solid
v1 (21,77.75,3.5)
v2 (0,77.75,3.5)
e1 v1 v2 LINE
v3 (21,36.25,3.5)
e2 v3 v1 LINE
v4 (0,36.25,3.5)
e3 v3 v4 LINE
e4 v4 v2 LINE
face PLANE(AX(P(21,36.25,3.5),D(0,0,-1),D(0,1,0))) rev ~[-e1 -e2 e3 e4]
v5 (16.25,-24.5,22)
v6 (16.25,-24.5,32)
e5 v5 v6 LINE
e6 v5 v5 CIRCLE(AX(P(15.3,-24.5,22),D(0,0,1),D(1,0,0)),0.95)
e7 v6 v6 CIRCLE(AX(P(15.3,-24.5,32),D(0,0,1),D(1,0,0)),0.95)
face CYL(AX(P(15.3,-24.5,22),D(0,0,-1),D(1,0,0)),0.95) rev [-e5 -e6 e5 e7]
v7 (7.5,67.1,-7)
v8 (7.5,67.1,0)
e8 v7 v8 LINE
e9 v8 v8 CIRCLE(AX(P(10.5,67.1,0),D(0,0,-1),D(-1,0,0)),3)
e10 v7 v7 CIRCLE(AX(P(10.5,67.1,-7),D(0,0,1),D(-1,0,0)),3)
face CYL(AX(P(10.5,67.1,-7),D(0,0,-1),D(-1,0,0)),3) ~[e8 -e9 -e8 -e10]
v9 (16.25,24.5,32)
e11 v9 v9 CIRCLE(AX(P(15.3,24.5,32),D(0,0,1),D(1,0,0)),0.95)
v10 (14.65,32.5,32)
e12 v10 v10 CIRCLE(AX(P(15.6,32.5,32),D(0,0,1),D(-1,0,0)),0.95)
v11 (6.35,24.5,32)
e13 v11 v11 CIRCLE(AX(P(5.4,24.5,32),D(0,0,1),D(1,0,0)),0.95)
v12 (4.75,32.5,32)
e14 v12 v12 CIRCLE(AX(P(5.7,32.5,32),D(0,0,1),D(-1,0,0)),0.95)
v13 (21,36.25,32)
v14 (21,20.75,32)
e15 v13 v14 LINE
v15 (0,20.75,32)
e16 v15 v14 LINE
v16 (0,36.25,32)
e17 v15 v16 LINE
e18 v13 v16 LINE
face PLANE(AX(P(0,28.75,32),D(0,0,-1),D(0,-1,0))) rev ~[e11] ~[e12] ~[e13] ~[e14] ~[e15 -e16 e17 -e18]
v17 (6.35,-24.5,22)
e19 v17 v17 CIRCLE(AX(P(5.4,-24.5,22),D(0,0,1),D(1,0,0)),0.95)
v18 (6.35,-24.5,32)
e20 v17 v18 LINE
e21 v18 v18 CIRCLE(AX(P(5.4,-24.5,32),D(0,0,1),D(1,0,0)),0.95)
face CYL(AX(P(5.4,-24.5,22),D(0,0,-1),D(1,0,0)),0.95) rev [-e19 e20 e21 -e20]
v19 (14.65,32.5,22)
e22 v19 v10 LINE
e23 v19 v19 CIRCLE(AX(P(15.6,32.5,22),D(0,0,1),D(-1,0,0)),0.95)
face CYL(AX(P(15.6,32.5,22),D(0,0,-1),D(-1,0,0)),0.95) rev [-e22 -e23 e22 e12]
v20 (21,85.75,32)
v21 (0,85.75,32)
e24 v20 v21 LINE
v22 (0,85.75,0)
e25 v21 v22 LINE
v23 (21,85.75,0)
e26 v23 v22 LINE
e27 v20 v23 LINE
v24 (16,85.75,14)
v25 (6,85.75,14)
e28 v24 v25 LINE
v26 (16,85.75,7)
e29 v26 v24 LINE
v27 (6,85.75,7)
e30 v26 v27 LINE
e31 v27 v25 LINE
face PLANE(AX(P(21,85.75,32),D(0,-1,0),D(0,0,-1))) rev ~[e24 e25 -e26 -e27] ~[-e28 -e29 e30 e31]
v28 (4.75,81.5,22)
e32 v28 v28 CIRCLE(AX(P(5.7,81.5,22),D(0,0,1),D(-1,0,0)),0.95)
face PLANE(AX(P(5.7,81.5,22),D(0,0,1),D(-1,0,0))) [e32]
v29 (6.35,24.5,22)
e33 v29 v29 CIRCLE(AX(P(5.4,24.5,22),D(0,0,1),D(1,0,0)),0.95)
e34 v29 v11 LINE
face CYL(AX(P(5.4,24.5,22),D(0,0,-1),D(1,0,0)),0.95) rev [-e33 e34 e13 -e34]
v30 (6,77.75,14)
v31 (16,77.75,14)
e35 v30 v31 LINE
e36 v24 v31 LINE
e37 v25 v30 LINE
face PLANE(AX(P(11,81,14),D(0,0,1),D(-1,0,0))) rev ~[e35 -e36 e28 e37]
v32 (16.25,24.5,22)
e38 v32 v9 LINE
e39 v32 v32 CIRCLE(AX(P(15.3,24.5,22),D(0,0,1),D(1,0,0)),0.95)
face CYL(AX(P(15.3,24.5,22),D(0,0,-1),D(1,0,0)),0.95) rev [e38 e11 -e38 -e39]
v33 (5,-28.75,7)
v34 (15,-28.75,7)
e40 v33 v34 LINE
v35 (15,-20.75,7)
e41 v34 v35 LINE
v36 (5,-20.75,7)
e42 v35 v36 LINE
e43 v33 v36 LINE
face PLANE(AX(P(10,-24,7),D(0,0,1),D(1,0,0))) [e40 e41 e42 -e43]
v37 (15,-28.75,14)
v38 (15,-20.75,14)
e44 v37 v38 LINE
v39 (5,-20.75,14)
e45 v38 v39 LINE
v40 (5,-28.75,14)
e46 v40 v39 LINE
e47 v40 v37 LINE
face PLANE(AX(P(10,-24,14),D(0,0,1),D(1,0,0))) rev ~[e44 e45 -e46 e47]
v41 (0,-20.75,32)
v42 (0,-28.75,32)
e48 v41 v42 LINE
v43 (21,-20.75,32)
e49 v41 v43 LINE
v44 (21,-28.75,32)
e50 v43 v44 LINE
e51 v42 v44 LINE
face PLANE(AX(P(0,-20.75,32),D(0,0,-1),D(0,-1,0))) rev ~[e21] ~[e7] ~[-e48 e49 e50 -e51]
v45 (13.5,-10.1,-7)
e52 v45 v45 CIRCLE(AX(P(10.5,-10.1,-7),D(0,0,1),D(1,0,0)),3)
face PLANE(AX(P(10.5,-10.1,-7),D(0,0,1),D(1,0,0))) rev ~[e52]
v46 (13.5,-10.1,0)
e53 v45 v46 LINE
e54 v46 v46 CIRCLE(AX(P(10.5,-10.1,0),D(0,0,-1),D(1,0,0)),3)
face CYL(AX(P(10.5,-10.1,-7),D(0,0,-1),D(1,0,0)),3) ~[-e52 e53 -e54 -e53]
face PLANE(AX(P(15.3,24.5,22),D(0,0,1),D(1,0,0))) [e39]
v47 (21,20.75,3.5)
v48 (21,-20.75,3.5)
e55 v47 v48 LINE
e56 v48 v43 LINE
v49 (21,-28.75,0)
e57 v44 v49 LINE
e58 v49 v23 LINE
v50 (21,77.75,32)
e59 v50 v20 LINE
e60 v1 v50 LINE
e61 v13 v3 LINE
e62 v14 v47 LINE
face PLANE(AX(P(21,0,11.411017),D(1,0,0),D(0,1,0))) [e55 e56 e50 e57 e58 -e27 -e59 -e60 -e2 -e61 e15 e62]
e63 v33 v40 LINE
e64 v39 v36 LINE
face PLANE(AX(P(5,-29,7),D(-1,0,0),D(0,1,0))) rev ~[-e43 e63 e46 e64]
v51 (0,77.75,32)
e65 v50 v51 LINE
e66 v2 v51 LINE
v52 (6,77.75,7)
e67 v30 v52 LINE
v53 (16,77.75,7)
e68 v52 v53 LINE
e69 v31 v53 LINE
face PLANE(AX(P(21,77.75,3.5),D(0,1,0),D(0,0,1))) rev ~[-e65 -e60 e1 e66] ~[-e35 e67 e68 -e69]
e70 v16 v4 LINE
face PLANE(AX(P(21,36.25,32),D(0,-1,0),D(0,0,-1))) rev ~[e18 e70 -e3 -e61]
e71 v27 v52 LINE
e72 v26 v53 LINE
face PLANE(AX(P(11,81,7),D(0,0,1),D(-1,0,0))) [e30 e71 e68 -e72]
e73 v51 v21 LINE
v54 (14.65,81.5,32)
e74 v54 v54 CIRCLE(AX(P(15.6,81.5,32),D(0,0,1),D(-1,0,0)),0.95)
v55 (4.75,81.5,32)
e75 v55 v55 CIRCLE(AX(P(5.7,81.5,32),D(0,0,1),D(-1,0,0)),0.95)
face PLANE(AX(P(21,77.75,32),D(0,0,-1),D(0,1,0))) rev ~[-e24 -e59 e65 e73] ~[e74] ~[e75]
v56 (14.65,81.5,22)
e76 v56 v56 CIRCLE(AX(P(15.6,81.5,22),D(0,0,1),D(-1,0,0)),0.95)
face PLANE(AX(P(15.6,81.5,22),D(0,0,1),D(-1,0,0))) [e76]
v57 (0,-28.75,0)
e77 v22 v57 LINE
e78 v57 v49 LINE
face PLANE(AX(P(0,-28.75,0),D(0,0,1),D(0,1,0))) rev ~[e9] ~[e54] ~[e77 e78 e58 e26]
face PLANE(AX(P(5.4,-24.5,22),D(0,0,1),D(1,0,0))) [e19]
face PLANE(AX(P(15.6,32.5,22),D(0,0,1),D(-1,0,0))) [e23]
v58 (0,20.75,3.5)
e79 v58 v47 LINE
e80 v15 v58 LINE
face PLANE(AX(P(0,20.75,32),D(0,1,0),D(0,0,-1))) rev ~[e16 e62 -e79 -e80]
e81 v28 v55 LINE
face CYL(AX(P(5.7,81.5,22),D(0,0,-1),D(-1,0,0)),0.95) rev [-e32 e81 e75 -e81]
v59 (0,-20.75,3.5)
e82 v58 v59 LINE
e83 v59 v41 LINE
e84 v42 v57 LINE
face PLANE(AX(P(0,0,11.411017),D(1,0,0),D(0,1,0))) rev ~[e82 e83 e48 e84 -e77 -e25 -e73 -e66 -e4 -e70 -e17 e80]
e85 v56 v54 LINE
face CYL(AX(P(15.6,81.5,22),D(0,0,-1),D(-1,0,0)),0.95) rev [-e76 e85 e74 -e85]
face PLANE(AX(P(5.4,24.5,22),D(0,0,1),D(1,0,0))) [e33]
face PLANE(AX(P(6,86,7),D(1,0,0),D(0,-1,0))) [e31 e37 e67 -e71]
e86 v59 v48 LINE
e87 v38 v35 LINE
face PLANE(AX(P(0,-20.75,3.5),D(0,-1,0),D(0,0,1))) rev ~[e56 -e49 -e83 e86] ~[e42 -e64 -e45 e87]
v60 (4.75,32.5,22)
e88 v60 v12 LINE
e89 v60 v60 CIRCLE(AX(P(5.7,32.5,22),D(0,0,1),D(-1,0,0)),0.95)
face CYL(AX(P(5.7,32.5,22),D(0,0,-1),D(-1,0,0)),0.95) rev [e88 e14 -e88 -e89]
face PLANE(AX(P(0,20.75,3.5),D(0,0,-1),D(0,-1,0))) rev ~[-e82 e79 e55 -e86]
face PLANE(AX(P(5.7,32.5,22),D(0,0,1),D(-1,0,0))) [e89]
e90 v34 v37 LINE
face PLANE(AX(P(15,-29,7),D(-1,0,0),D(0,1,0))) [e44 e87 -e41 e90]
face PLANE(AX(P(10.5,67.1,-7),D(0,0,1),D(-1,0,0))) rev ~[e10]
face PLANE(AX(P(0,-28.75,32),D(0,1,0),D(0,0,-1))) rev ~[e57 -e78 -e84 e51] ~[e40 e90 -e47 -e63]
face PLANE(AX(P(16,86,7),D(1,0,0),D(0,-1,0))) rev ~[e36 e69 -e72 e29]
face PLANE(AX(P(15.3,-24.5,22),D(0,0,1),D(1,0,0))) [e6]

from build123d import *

# Parameters (mm, degrees)
CYLINDER022_R             = 0.95
CYLINDER022_DEPTH         = 10
CYLINDER023_R             = 0.95
CYLINDER023_DEPTH         = 10
CYLINDER020_R             = 0.95
CYLINDER020_DEPTH         = 10
CYLINDER021_R             = 0.95
CYLINDER021_DEPTH         = 10
BOX004_W                  = 10
BOX004_H                  = 10
BOX004_DEPTH              = 7
PAD007_DEPTH              = 21
CYLINDER019_R             = 3
CYLINDER019_DEPTH         = 10
CYLINDER027_R             = 0.95
CYLINDER027_DEPTH         = 10
CYLINDER028_R             = 0.95
CYLINDER028_DEPTH         = 10
CYLINDER025_R             = 0.95
CYLINDER025_DEPTH         = 10
CYLINDER026_R             = 0.95
CYLINDER026_DEPTH         = 10
BOX005_W                  = 10
BOX005_H                  = 10
BOX005_DEPTH              = 7
PAD008_DEPTH              = 21
CYLINDER024_R             = 3
CYLINDER024_DEPTH         = 10
FUSION022_PLACEMENT_ANGLE = 180


with BuildPart() as cylinder022:
    # Cylinder022 → Cylinder022 (new body)
    with BuildSketch(Plane(origin=(9.9, 0, 0), x_dir=(1, 0, 0), z_dir=(0, 0, 1))):
        Circle(CYLINDER022_R)
    extrude(amount=CYLINDER022_DEPTH)


with BuildPart() as tornillos009:
    # Cylinder023 → Cylinder023 (new body)
    with BuildSketch(Plane.XY):
        Circle(CYLINDER023_R)
    extrude(amount=CYLINDER023_DEPTH)

    # Fusion016: union Cylinder022
    add(cylinder022.part)


with BuildPart() as tornillos009_1:
    # Fusion016 placement: moved
    add(tornillos009.part.moved(Location((5, -24.5, 22))))


with BuildPart() as cylinder020:
    # Cylinder020 → Cylinder020 (new body)
    with BuildSketch(Plane(origin=(9.9, 0, 0), x_dir=(1, 0, 0), z_dir=(0, 0, 1))):
        Circle(CYLINDER020_R)
    extrude(amount=CYLINDER020_DEPTH)


with BuildPart() as fusion017:
    # Cylinder021 → Cylinder021 (new body)
    with BuildSketch(Plane.XY):
        Circle(CYLINDER021_R)
    extrude(amount=CYLINDER021_DEPTH)

    # Fusion015: union Cylinder020
    add(cylinder020.part)


with BuildPart() as fusion017_1:
    # Fusion015 placement: moved
    add(fusion017.part.moved(Location((5, 24.5, 22))))

    # Fusion017: union Tornillos009
    add(tornillos009_1.part)


with BuildPart() as fusion017_2:
    # Fusion017 placement: moved
    add(fusion017_1.part.moved(Location((0.4, 0, 0))))


with BuildPart() as cube004:
    # Box004 → Box004 (new body)
    with BuildSketch(Plane(origin=(5, -29, 7), x_dir=(1, 0, 0), z_dir=(0, 0, 1))):
        with Locations((5, 5)):
            Rectangle(BOX004_W, BOX004_H)
    extrude(amount=BOX004_DEPTH)


with BuildPart() as holder005:
    # Sketch007 → Pad007 (new body)
    with BuildSketch(Plane.YZ):
        Polygon((-28.75, 32), (-28.75, 0), (28.75, 0), (28.75, 32), (20.75, 32), (20.75, 3.5), (-20.75, 3.5), (-20.75, 32), align=None)
    extrude(amount=PAD007_DEPTH)

    # Cut010: cut Cube004
    add(cube004.part, mode=Mode.SUBTRACT)

    # Cut011: cut Fusion017
    add(fusion017_2.part, mode=Mode.SUBTRACT)


with BuildPart() as holderceje001:
    # Cylinder019 → Cylinder019 (new body)
    with BuildSketch(Plane(origin=(10.5, -10.1, -7), x_dir=(1, 0, 0), z_dir=(0, 0, 1))):
        Circle(CYLINDER019_R)
    extrude(amount=CYLINDER019_DEPTH)

    # Fusion018: union Holder005
    add(holder005.part)


with BuildPart() as cylinder027:
    # Cylinder027 → Cylinder027 (new body)
    with BuildSketch(Plane(origin=(9.9, 0, 0), x_dir=(1, 0, 0), z_dir=(0, 0, 1))):
        Circle(CYLINDER027_R)
    extrude(amount=CYLINDER027_DEPTH)


with BuildPart() as tornillos011:
    # Cylinder028 → Cylinder028 (new body)
    with BuildSketch(Plane.XY):
        Circle(CYLINDER028_R)
    extrude(amount=CYLINDER028_DEPTH)

    # Fusion020: union Cylinder027
    add(cylinder027.part)


with BuildPart() as tornillos011_1:
    # Fusion020 placement: moved
    add(tornillos011.part.moved(Location((5, -24.5, 22))))


with BuildPart() as cylinder025:
    # Cylinder025 → Cylinder025 (new body)
    with BuildSketch(Plane(origin=(9.9, 0, 0), x_dir=(1, 0, 0), z_dir=(0, 0, 1))):
        Circle(CYLINDER025_R)
    extrude(amount=CYLINDER025_DEPTH)


with BuildPart() as fusion021:
    # Cylinder026 → Cylinder026 (new body)
    with BuildSketch(Plane.XY):
        Circle(CYLINDER026_R)
    extrude(amount=CYLINDER026_DEPTH)

    # Fusion019: union Cylinder025
    add(cylinder025.part)


with BuildPart() as fusion021_1:
    # Fusion019 placement: moved
    add(fusion021.part.moved(Location((5, 24.5, 22))))

    # Fusion021: union Tornillos011
    add(tornillos011_1.part)


with BuildPart() as fusion021_2:
    # Fusion021 placement: moved
    add(fusion021_1.part.moved(Location((0.4, 0, 0))))


with BuildPart() as cube005:
    # Box005 → Box005 (new body)
    with BuildSketch(Plane(origin=(5, -29, 7), x_dir=(1, 0, 0), z_dir=(0, 0, 1))):
        with Locations((5, 5)):
            Rectangle(BOX005_W, BOX005_H)
    extrude(amount=BOX005_DEPTH)


with BuildPart() as holder006:
    # Sketch008 → Pad008 (new body)
    with BuildSketch(Plane.YZ):
        Polygon((-28.75, 32), (-28.75, 0), (28.75, 0), (28.75, 32), (20.75, 32), (20.75, 3.5), (-20.75, 3.5), (-20.75, 32), align=None)
    extrude(amount=PAD008_DEPTH)

    # Cut012: cut Cube005
    add(cube005.part, mode=Mode.SUBTRACT)

    # Cut013: cut Fusion021
    add(fusion021_2.part, mode=Mode.SUBTRACT)


with BuildPart() as fusion023:
    # Cylinder024 → Cylinder024 (new body)
    with BuildSketch(Plane(origin=(10.5, -10.1, -7), x_dir=(1, 0, 0), z_dir=(0, 0, 1))):
        Circle(CYLINDER024_R)
    extrude(amount=CYLINDER024_DEPTH)

    # Fusion022: union Holder006
    add(holder006.part)


with BuildPart() as fusion023_1:
    # Fusion022 placement: moved
    add(fusion023.part.moved(Location((21, 57, 0))).rotate(Axis((21, 57, 0), (0, 0, 1)), FUSION022_PLACEMENT_ANGLE))

    # Fusion023: union HolderCEje001
    add(holderceje001.part)


solid = fusion023_1.part
